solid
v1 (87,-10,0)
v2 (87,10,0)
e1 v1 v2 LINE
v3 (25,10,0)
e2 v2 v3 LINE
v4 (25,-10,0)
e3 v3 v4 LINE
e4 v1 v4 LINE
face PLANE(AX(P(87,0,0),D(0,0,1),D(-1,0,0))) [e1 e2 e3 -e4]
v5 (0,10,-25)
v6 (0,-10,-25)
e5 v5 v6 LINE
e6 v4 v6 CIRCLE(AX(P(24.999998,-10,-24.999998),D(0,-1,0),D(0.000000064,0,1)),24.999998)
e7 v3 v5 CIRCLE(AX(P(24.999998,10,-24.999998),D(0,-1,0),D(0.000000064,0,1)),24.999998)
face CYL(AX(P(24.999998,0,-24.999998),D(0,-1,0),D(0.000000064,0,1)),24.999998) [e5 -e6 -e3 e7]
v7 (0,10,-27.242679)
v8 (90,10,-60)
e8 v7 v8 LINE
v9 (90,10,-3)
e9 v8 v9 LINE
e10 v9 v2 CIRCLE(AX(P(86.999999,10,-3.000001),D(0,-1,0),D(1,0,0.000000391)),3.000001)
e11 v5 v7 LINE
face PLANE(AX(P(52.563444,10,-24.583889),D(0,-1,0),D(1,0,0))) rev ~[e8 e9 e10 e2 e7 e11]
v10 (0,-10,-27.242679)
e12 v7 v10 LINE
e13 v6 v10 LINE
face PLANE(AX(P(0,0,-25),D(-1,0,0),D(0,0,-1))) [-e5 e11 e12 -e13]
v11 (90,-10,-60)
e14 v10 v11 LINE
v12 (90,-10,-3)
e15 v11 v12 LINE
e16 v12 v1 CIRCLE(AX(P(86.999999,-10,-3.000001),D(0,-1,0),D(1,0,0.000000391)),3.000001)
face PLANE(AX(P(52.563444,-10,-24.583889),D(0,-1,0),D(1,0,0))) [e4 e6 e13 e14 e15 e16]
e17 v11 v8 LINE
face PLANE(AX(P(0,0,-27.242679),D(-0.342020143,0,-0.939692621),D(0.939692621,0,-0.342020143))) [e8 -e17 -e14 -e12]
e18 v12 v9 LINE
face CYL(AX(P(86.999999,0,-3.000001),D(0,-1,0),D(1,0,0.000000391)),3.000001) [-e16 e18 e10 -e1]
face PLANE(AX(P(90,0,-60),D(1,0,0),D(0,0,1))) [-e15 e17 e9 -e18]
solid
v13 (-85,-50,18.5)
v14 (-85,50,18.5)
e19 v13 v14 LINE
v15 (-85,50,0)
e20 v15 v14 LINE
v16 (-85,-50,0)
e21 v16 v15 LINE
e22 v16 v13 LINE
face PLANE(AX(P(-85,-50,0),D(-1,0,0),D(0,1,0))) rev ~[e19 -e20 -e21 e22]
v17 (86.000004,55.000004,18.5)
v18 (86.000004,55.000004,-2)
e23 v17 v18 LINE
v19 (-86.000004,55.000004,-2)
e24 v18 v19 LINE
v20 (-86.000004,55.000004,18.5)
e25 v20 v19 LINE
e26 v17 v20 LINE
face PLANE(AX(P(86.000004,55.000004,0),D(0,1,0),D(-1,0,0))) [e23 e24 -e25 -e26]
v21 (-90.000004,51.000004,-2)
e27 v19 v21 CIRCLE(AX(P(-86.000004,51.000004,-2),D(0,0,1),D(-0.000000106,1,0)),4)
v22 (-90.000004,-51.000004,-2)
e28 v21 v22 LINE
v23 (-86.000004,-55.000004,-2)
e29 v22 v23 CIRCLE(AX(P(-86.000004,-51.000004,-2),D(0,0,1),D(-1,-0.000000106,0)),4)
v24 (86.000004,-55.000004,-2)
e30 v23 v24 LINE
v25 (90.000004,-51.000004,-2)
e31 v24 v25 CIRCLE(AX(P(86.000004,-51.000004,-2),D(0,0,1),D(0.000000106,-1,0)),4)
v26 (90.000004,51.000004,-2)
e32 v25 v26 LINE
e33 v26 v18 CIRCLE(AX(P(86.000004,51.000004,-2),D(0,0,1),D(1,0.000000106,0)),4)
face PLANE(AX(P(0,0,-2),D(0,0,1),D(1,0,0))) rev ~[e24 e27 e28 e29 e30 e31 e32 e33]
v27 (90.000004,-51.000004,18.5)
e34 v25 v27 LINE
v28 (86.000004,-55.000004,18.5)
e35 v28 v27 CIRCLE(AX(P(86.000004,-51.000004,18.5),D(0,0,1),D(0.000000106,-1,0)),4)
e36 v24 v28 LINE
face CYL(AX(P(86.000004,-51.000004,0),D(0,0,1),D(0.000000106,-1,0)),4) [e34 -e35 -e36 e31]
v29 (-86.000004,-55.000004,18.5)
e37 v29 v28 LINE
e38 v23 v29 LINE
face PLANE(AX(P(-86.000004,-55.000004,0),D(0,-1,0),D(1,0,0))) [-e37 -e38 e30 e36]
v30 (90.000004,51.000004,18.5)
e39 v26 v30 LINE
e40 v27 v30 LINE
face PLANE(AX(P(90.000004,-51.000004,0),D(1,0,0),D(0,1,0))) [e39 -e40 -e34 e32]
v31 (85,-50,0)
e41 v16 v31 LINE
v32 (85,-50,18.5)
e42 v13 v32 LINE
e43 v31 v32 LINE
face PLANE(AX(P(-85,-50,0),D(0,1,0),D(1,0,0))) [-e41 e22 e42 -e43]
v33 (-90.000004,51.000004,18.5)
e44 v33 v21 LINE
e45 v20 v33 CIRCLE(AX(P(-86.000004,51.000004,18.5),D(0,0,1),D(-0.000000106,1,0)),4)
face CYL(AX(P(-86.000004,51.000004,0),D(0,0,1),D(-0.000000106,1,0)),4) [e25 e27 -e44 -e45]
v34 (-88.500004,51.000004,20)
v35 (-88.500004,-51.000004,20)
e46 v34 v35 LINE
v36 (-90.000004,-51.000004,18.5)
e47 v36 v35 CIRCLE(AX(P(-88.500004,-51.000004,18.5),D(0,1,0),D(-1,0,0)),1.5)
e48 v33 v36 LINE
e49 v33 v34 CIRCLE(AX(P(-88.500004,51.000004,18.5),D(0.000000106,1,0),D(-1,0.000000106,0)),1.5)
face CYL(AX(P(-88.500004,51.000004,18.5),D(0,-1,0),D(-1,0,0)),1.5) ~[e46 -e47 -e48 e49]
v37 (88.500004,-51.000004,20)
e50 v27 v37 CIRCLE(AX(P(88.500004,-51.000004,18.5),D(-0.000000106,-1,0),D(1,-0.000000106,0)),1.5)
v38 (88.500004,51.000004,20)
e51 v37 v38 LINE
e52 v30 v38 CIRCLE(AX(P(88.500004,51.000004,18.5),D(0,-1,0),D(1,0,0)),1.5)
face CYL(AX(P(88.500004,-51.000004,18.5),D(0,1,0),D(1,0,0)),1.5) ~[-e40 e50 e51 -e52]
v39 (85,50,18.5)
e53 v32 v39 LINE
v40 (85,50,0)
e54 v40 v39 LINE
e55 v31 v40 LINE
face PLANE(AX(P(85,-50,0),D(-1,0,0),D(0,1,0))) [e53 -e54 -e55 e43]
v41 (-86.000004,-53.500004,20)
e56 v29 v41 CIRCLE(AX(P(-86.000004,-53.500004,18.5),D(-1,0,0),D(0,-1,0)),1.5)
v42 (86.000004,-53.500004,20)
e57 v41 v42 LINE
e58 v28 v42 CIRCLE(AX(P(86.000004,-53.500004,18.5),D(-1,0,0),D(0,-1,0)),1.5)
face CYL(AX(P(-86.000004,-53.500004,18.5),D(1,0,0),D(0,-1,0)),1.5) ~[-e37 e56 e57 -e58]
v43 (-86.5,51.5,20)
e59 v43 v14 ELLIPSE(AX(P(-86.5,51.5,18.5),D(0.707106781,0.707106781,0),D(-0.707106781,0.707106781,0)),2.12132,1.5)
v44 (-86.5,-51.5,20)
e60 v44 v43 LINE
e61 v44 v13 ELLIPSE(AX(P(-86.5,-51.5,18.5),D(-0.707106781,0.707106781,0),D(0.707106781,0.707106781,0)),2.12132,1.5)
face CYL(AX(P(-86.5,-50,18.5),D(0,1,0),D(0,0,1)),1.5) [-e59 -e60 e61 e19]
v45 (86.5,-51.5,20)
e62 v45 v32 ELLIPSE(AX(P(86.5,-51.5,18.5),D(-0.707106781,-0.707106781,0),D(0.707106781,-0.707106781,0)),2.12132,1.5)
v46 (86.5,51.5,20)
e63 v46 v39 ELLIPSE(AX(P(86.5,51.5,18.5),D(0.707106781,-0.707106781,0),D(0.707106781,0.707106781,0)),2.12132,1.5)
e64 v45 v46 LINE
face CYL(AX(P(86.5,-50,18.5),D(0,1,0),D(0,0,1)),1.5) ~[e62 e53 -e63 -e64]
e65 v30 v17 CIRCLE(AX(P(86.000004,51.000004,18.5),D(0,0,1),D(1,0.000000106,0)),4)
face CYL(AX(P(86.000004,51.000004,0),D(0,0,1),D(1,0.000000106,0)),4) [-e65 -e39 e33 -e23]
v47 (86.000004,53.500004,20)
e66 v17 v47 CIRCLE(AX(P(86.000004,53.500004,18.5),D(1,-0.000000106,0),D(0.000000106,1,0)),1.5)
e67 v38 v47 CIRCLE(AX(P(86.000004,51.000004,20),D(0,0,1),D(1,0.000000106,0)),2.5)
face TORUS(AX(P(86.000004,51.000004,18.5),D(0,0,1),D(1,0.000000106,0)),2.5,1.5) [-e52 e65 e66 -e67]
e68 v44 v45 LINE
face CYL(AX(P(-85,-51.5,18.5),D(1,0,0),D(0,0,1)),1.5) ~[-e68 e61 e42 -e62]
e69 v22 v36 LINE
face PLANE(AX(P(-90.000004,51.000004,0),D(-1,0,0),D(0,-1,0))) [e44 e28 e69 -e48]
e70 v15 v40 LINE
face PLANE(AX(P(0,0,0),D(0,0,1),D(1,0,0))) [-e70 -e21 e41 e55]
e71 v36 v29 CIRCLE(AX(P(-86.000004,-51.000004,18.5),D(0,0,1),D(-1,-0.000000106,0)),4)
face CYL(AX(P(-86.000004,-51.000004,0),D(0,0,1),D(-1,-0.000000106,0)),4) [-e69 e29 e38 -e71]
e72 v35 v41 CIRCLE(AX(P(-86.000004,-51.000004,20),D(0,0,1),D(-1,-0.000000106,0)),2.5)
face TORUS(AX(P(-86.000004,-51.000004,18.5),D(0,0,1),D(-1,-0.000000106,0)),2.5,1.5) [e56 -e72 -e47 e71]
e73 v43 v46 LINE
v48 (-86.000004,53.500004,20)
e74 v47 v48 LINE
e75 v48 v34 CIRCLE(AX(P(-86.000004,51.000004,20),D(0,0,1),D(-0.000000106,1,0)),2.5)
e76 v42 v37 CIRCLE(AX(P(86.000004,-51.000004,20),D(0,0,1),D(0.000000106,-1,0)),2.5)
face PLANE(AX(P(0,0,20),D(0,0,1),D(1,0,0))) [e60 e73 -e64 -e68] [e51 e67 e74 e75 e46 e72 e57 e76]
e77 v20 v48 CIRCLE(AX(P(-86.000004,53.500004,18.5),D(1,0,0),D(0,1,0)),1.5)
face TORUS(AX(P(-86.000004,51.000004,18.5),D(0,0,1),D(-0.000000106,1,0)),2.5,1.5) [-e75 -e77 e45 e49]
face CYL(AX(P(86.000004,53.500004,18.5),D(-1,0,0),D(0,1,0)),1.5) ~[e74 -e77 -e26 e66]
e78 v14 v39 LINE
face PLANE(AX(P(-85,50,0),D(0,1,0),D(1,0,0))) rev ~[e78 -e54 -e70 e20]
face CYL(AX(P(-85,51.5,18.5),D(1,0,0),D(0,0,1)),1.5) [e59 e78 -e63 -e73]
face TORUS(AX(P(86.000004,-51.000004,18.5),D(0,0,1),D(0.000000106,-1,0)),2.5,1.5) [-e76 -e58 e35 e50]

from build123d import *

# Parameters (mm, degrees)
F0_W     = 170
F0_H     = 100
F1_DEPTH = 20
F2_DEPTH = 2
F3_R     = 1.5
F5_DEPTH = 10


with BuildPart() as f1:
    # F0 (on Top) → F1 (new body)
    with BuildSketch(Plane.XY):
        with BuildLine():
            Line((-90.000004, 51.000004), (-90.000004, -51.000004))
            ThreePointArc((-90.000004, -51.000004), (-88.828431, -53.828431), (-86.000004, -55.000004))
            Line((-86.000004, -55.000004), (86.000004, -55.000004))
            ThreePointArc((86.000004, -55.000004), (88.828431, -53.828431), (90.000004, -51.000004))
            Line((90.000004, -51.000004), (90.000004, 51.000004))
            ThreePointArc((90.000004, 51.000004), (88.828431, 53.828431), (86.000004, 55.000004))
            Line((86.000004, 55.000004), (-86.000004, 55.000004))
            ThreePointArc((-86.000004, 55.000004), (-88.828431, 53.828431), (-90.000004, 51.000004))
        make_face()
        Rectangle(F0_W, F0_H, mode=Mode.SUBTRACT)
    extrude(amount=F1_DEPTH)

    # F0 (on Top) → F2 (join)
    with BuildSketch(Plane.XY):
        with BuildLine():
            Line((-90.000004, 51.000004), (-90.000004, -51.000004))
            ThreePointArc((-90.000004, -51.000004), (-88.828431, -53.828431), (-86.000004, -55.000004))
            Line((-86.000004, -55.000004), (86.000004, -55.000004))
            ThreePointArc((86.000004, -55.000004), (88.828431, -53.828431), (90.000004, -51.000004))
            Line((90.000004, -51.000004), (90.000004, 51.000004))
            ThreePointArc((90.000004, 51.000004), (88.828431, 53.828431), (86.000004, 55.000004))
            Line((86.000004, 55.000004), (-86.000004, 55.000004))
            ThreePointArc((-86.000004, 55.000004), (-88.828431, 53.828431), (-90.000004, 51.000004))
        make_face()
        Rectangle(F0_W, F0_H, mode=Mode.SUBTRACT)
        Rectangle(F0_W, F0_H)
    extrude(amount=-F2_DEPTH)

    # F3
    f3_edges = [f1.edges().sort_by_distance(p)[0] for p in [
        (0, -55.000004, 20),
        (0, -50, 20),
        (-85, 0, 20),
        (-90.000004, 0, 20),
        (0, 50, 20),
        (0, 55.000004, 20),
        (90.000004, 0, 20),
        (85, 0, 20),
    ]]
    fillet(f3_edges, radius=F3_R)


with BuildPart() as f5:
    # F4 (on Front) → F5 (new body, symmetric)
    with BuildSketch(Plane.XZ):
        with BuildLine():
            Line((87, 0), (25, 0))
            ThreePointArc((25, 0), (7.32233, -7.32233), (0, -25))
            Line((0, -25), (0, -27.242679))
            Line((0, -27.242679), (90, -60))
            Line((90, -60), (90, -3))
            ThreePointArc((90, -3), (89.12132, -0.87868), (87, 0))
        make_face()
    extrude(amount=F5_DEPTH, both=True)


solid = Compound([f1.part, f5.part])
